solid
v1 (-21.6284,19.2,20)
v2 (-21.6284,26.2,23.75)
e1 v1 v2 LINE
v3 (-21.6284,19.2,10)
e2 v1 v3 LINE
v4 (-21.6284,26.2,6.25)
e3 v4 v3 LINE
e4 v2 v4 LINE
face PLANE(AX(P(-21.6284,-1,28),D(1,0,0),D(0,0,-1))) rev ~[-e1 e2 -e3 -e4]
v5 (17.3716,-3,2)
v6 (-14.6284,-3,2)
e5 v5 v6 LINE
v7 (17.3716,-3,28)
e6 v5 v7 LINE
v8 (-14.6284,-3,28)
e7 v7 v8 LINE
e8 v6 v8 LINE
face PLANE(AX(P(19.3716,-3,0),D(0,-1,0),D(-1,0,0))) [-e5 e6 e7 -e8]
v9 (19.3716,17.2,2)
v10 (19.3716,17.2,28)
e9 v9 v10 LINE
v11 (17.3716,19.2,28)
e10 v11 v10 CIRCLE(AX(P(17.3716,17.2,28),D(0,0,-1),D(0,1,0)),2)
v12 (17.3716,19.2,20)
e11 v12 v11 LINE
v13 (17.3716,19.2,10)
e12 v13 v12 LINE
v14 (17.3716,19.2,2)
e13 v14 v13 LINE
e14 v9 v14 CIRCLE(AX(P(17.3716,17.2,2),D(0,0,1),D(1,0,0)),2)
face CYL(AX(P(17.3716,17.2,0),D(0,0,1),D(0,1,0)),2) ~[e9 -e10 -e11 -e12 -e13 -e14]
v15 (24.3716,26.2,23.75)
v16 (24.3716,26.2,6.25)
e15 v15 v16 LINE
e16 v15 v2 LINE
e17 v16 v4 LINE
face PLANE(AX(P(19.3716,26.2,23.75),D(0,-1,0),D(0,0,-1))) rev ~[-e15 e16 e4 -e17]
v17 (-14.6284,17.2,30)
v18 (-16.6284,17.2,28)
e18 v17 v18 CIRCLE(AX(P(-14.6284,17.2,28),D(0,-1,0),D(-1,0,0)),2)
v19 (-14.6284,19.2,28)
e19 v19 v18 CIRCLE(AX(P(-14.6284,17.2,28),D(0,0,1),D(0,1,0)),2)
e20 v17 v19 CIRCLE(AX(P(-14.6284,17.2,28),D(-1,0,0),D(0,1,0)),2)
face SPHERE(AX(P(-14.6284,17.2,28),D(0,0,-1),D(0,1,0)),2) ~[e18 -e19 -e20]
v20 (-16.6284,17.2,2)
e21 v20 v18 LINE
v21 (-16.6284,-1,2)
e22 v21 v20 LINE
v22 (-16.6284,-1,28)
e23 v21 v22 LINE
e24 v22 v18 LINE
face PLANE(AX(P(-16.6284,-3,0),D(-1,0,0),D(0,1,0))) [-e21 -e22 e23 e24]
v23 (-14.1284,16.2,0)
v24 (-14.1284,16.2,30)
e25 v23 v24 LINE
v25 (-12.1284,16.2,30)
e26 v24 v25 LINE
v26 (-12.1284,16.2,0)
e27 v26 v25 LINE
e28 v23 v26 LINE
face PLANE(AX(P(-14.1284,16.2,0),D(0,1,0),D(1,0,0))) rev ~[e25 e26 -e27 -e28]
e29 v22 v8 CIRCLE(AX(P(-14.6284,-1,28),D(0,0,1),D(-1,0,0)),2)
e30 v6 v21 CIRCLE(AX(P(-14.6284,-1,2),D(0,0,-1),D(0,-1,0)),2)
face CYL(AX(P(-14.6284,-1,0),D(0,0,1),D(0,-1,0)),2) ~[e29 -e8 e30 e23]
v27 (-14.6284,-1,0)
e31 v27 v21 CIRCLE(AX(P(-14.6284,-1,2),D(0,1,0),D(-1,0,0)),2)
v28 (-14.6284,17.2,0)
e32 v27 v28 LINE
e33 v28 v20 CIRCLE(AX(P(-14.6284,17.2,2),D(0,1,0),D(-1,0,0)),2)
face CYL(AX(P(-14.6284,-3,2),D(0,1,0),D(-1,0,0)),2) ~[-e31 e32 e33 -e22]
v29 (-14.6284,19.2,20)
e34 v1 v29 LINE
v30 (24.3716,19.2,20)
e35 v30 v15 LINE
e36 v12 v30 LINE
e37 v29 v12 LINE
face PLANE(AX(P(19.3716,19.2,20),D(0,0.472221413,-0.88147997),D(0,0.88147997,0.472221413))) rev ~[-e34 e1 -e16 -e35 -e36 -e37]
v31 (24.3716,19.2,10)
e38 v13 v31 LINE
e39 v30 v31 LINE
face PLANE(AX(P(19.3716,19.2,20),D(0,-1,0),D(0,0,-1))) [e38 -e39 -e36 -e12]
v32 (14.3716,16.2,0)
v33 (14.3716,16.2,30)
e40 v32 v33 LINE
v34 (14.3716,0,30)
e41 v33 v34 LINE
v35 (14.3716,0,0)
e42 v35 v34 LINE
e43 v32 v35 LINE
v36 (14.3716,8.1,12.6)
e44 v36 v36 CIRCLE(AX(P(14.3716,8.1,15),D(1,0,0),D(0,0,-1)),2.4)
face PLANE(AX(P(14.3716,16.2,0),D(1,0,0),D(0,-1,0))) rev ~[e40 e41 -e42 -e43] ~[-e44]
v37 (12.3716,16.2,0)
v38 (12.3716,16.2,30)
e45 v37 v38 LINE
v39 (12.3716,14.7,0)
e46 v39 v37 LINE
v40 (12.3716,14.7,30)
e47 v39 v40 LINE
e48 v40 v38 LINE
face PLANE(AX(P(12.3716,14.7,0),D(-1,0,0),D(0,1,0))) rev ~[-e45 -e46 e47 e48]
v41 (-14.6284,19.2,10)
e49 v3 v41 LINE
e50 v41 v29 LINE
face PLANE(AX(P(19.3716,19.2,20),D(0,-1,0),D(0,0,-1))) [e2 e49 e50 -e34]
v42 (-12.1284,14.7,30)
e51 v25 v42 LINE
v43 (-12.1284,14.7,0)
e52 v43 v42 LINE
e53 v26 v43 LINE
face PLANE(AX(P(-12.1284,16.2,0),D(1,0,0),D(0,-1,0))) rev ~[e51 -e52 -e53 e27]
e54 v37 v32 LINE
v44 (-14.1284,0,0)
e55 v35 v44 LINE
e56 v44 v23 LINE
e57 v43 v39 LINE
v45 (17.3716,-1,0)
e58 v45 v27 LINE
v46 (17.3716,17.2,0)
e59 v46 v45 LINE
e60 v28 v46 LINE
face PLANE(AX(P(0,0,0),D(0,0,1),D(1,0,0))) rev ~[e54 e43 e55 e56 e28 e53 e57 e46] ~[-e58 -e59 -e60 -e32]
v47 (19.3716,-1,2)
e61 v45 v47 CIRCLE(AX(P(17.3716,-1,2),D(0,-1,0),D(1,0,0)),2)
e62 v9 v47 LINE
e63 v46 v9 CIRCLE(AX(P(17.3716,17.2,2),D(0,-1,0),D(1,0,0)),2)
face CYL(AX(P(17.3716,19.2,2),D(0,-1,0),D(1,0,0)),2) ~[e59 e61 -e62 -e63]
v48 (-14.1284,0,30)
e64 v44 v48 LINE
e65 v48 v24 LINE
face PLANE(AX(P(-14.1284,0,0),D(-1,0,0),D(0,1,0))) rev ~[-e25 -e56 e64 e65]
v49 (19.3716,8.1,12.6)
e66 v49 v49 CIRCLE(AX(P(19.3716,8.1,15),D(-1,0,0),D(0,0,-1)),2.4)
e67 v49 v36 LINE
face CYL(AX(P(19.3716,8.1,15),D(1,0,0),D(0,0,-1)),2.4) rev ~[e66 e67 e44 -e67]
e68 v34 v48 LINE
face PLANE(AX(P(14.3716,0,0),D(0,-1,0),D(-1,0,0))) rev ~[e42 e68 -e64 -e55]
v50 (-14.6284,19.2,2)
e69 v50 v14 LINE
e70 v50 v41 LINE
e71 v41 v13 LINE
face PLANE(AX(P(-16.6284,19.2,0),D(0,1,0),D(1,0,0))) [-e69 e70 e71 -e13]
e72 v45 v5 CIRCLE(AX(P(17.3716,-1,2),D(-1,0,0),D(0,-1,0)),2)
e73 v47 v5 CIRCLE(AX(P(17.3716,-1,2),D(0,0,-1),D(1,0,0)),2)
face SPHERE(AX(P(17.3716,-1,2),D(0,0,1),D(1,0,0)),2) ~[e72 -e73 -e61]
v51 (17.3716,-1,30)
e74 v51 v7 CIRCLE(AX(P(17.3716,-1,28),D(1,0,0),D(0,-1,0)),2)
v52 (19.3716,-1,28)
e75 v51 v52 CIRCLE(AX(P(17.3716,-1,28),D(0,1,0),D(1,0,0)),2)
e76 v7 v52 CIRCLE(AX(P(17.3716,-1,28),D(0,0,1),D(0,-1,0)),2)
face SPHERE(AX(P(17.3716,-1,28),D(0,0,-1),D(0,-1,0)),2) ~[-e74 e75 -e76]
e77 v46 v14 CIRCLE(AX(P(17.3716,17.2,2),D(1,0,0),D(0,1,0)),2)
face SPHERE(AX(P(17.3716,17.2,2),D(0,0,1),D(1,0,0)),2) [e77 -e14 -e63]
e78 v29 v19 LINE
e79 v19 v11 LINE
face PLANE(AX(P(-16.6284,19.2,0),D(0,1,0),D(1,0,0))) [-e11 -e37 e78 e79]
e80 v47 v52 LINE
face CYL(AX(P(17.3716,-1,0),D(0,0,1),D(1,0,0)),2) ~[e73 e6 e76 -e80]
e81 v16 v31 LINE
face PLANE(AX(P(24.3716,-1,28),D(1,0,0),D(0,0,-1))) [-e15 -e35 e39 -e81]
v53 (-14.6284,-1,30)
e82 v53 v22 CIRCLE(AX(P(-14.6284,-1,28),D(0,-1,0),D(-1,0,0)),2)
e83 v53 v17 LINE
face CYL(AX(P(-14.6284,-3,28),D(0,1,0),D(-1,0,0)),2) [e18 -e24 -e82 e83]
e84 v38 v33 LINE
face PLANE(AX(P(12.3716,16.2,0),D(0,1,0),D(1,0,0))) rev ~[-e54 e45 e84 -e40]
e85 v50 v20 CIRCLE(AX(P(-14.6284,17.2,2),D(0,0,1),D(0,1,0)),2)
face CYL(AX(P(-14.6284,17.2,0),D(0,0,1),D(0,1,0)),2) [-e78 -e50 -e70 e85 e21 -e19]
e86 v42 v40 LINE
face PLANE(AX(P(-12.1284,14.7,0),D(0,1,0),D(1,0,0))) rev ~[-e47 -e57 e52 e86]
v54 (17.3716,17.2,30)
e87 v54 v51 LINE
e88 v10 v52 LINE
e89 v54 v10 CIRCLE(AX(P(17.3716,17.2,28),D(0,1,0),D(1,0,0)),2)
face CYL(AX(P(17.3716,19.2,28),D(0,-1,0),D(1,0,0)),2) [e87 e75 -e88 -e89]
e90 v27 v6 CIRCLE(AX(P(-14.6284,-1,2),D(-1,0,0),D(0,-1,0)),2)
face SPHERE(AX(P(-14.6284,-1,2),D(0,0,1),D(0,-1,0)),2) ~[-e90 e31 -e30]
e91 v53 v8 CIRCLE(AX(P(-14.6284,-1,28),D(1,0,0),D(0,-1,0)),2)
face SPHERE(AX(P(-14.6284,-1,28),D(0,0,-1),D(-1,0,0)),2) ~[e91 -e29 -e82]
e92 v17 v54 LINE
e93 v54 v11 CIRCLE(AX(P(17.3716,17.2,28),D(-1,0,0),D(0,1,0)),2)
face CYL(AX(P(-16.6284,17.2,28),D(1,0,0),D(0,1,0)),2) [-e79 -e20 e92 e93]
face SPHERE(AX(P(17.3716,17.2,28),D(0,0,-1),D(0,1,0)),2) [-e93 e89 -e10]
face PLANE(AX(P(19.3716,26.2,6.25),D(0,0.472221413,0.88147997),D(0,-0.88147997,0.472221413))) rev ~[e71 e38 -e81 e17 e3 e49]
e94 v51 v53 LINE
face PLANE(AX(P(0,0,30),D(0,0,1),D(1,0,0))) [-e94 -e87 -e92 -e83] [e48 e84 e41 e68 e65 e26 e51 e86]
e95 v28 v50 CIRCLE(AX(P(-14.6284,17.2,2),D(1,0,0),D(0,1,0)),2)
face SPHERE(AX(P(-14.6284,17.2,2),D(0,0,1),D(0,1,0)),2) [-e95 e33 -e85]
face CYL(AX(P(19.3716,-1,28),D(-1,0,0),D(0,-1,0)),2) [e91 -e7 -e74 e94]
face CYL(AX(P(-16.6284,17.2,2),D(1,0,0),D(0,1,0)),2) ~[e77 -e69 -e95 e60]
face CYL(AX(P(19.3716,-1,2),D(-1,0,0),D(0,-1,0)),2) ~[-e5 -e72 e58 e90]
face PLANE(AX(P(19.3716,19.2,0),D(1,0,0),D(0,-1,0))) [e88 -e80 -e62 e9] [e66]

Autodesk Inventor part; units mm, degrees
ref_plane "YZ Plane" through (0, 0, 0) normal (1, 0, 0) x (0, 1, 0)
ref_plane "XZ Plane" through (0, 0, 0) normal (0, 1, 0) x (-1, 0, 0)
ref_plane "XY Plane" through (0, 0, 0) normal (0, 0, 1) x (1, 0, 0)
sketch "Skizze1" plane through (0, 0, 0) normal (0, 0, 1) x (1, 0, 0)
  line L0 (-14.1284, 0) -> (-14.1284, 16.2)
  line L1 (-14.1284, 16.2) -> (-12.1284, 16.2)
  line L2 (-12.1284, 16.2) -> (-12.1284, 1.6)
  line L3 (-12.1284, 1.6) -> (12.3716, 1.6)
  line L4 (12.3716, 1.6) -> (12.3716, 16.2)
  line L5 (12.3716, 16.2) -> (14.3716, 16.2)
  line L6 (14.3716, 16.2) -> (14.3716, 0)
  line L7 (14.3716, 0) -> (-14.1284, 0)
  line L8 (-16.6284, 19.2) -> (19.3716, 19.2)
  line L9 (19.3716, 19.2) -> (19.3716, -3)
  line L10 (19.3716, -3) -> (-16.6284, -3)
  line L11 (-16.6284, -3) -> (-16.6284, 19.2)
  line L12 (-12.1284, 14.7) -> (12.3716, 14.7)
  point P0 (0, 0)
  dimension "d1" = 2
  dimension "d3" = 2
  dimension "d4" = 1.6
  dimension "d5" = 3
  dimension "d7" = 2.5
  dimension "d8" = 5
  dimension "d9" = 1.5
  dimension "d26" = 3
  dimension "d27" = 28.5
  dimension "d28" = 16.2
extrude "Extrusion1" add sketch "Skizze1" along normal blind 30
fillet "Rundung1" radius 2 12 edges at (19.3716, 19.2, 15) (19.3716, -3, 15) (-16.6284, -3, 15) (-16.6284, 19.2, 15) (1.3716, 19.2, 30) (-16.6284, 8.1, 30) (1.3716, -3, 30) (19.3716, 8.1, 30) (19.3716, 8.1, 0) (1.3716, -3, 0) (1.3716, 19.2, 0) (-16.6284, 8.1, 0)
sketch "Skizze2" plane through (19.3716, -1, 28) normal (1, 0, 0) x (0, 0, -1)
  line L0 (0, 20.2) -> (26, 20.2) projected
  line L1 (8, 20.2) -> (4.25, 27.2)
  line L2 (4.25, 27.2) -> (21.75, 27.2)
  line L3 (21.75, 27.2) -> (18, 20.2)
  line L4 (28, 0) -> (28, 18.2) projected
  point P0 (28, 1)
  dimension "d13" = 10
  dimension "d15" = 7
  dimension "d16" = 3.75
  dimension "d17" = 3.75
  dimension "d18" = 17.5
  dimension "d19" = 10
extrude "Extrusion2" add sketch "Skizze2" against normal blind 41 and the other way blind 5
sketch "Skizze5" plane through (19.3716, -1, 28) normal (1, 0, 0) x (0, 0, -1)
  circle A0 centre (13, 9.1) radius 2.4
  line L0 (13, 9.1) -> (-2, 9.1)
  line L1 (-2, 18.2) -> (-2, 0) projected
  line L2 (13, 9.1) -> (13, 20.2)
  line L3 (8, 20.2) -> (18, 20.2) projected
  line L4 (13, 9.1) -> (28, 9.1)
  point P0 (28, 1)
  dimension "d31" = 4.8
  dimension "d32" = 90
  dimension "d35" = 15
extrude "Extrusion5" cut sketch "Skizze5" against normal blind 10
properties part number "7.2 Schienenläufer"
